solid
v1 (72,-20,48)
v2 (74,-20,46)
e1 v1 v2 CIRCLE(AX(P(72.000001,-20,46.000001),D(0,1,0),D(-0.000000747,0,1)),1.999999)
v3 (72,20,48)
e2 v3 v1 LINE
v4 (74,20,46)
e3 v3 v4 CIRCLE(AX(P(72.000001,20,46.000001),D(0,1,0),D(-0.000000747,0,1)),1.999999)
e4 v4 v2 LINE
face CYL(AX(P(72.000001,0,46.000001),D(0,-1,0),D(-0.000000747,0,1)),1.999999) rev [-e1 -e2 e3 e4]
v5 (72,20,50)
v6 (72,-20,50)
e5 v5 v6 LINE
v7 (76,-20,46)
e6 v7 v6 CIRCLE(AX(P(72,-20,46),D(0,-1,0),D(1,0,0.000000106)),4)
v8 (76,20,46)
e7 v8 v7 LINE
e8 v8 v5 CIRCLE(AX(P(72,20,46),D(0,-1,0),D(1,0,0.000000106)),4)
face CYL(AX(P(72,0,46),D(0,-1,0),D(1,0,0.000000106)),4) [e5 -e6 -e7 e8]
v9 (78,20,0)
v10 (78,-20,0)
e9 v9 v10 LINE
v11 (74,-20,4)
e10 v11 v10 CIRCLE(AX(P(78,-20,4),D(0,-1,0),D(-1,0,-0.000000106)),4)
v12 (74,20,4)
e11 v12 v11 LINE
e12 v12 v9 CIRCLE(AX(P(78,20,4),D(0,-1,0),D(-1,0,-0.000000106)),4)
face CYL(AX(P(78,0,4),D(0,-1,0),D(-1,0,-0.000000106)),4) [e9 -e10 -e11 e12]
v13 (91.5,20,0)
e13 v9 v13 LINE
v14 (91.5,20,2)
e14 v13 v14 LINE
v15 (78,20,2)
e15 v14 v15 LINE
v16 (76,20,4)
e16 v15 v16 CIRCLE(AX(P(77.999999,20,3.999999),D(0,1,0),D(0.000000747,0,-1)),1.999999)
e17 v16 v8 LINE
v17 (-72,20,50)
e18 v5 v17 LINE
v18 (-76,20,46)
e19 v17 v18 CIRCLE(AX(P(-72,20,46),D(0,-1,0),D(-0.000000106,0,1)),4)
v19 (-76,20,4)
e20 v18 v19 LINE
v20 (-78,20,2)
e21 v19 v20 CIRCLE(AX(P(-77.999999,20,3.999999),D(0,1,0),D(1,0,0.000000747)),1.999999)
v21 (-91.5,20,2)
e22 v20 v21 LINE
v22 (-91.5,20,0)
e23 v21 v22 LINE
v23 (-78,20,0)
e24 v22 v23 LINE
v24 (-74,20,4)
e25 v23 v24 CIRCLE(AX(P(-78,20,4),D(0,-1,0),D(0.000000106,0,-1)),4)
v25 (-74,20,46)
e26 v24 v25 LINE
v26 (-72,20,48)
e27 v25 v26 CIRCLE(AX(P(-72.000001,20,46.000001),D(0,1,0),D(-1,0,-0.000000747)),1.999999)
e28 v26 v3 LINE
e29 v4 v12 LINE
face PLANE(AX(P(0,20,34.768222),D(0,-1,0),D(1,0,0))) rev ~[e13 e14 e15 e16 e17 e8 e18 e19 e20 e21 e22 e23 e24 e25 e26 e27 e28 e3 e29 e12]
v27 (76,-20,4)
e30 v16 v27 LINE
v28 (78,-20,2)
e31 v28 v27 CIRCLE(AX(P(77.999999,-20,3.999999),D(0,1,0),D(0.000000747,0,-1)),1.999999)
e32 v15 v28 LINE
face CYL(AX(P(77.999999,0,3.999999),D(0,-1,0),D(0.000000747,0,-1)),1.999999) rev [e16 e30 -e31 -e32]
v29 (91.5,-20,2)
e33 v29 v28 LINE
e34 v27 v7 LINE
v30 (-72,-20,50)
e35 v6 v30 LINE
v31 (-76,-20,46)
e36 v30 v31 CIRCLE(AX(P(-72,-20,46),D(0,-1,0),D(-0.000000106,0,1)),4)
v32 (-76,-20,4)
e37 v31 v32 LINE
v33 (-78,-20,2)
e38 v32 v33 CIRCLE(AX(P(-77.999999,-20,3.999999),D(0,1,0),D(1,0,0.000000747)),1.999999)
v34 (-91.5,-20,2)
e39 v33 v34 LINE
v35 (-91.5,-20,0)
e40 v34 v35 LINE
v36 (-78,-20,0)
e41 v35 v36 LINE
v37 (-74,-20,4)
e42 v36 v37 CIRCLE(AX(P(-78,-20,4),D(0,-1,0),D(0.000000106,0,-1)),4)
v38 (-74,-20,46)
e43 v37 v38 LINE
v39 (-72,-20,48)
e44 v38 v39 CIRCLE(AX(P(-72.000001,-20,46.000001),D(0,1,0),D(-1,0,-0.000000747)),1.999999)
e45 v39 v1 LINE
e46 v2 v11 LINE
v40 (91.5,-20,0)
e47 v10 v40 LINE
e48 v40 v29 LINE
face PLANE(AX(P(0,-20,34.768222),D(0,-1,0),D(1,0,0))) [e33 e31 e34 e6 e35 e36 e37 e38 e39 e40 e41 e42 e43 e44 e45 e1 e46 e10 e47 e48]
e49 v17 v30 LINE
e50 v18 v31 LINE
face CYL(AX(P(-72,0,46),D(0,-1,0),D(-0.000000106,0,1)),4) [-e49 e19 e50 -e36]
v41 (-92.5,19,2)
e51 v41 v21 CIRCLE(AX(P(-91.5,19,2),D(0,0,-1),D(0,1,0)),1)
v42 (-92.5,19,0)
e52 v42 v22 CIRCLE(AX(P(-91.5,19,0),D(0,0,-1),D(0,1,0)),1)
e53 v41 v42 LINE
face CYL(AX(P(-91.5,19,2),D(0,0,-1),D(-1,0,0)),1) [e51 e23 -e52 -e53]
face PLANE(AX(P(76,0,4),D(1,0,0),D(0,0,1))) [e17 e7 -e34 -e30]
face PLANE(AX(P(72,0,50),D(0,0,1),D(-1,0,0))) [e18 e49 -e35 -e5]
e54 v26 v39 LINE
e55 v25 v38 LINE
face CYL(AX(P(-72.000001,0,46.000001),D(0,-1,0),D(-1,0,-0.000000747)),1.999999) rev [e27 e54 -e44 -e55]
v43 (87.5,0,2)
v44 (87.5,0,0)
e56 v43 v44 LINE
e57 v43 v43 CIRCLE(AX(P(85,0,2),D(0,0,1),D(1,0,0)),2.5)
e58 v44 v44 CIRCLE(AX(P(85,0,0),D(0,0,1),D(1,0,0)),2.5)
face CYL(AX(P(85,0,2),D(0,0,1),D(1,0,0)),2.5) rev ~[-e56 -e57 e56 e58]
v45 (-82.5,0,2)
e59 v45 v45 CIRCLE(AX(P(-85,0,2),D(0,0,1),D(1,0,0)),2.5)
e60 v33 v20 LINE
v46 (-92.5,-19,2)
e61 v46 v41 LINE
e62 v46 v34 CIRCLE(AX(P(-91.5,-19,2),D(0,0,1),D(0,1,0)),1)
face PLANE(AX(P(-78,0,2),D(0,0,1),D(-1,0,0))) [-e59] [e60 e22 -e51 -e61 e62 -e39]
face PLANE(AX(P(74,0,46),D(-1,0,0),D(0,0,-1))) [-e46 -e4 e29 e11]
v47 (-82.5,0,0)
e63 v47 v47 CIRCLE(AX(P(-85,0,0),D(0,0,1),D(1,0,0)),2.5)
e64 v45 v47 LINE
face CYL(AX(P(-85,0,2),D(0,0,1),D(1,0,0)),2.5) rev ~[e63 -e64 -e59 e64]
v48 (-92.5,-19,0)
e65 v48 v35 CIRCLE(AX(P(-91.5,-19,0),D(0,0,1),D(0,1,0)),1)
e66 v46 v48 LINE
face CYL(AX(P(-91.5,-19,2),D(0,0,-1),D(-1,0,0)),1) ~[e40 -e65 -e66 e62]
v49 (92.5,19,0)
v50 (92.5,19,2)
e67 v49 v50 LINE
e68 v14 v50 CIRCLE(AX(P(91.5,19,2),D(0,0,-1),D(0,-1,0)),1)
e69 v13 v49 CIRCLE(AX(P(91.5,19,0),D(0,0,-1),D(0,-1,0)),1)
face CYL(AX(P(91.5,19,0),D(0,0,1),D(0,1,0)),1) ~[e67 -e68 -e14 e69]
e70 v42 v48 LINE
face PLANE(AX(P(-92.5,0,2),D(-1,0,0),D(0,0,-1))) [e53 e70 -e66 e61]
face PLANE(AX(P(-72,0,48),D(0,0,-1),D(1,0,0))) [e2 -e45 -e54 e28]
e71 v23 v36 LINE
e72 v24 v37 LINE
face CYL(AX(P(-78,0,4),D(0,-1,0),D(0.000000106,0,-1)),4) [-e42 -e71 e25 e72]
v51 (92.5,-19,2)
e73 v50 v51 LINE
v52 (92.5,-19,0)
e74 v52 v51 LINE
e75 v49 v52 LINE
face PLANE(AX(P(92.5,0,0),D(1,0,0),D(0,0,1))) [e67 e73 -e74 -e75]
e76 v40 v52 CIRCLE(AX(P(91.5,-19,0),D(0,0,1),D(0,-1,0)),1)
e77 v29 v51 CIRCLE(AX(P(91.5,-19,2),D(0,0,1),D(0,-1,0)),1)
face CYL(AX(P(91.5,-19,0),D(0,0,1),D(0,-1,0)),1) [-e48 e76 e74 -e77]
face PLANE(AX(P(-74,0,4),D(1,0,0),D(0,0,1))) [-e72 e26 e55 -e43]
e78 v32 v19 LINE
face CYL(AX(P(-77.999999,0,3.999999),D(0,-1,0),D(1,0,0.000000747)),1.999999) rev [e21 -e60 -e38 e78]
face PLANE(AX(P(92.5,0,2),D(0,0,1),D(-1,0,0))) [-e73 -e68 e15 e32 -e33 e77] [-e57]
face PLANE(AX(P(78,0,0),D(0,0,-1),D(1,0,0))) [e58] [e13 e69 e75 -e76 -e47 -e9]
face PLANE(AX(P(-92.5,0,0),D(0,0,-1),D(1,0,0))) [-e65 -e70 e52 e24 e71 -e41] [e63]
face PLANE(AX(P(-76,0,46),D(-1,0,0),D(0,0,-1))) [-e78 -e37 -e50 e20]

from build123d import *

# Parameters (mm, degrees)
F1_DEPTH = 20
F2_R     = 2.5
F3_DEPTH = 2.001
F4_R     = 1


with BuildPart() as f1:
    # F0 (on Front) → F1 (new body, symmetric)
    with BuildSketch(Plane.XZ):
        with BuildLine():
            Line((-92.5, 2), (-92.5, 0))
            Line((-92.5, 0), (-78, 0))
            ThreePointArc((-78, 0), (-75.171573, 1.171573), (-74, 4))
            Line((-74, 4), (-74, 46))
            ThreePointArc((-74, 46), (-73.414214, 47.414214), (-72, 48))
            Line((-72, 48), (0, 48))
            Line((0, 48), (72, 48))
            ThreePointArc((72, 48), (73.414214, 47.414214), (74, 46))
            Line((74, 46), (74, 4))
            ThreePointArc((74, 4), (75.171573, 1.171573), (78, 0))
            Line((78, 0), (92.5, 0))
            Line((92.5, 0), (92.5, 2))
            Line((92.5, 2), (78, 2))
            ThreePointArc((78, 2), (76.585786, 2.585786), (76, 4))
            Line((76, 4), (76, 46))
            ThreePointArc((76, 46), (74.828427, 48.828427), (72, 50))
            Line((72, 50), (0, 50))
            Line((0, 50), (-72, 50))
            ThreePointArc((-72, 50), (-74.828427, 48.828427), (-76, 46))
            Line((-76, 46), (-76, 4))
            ThreePointArc((-76, 4), (-76.585786, 2.585786), (-78, 2))
            Line((-78, 2), (-92.5, 2))
        make_face()
    extrude(amount=F1_DEPTH, both=True)

    # F2 (on face) → F3 (cut, through all)
    with BuildSketch(Plane.XY.offset(2)):
        with Locations((-85, 0)):
            Circle(F2_R)
        with Locations((85, 0)):
            Circle(F2_R)
    extrude(amount=-F3_DEPTH, mode=Mode.SUBTRACT)

    # F4
    f4_edges = [f1.edges().sort_by_distance(p)[0] for p in [
        (-92.5, -20, 1),
        (-92.5, 20, 1),
        (92.5, -20, 1),
        (92.5, 20, 1),
    ]]
    fillet(f4_edges, radius=F4_R)


solid = f1.part
